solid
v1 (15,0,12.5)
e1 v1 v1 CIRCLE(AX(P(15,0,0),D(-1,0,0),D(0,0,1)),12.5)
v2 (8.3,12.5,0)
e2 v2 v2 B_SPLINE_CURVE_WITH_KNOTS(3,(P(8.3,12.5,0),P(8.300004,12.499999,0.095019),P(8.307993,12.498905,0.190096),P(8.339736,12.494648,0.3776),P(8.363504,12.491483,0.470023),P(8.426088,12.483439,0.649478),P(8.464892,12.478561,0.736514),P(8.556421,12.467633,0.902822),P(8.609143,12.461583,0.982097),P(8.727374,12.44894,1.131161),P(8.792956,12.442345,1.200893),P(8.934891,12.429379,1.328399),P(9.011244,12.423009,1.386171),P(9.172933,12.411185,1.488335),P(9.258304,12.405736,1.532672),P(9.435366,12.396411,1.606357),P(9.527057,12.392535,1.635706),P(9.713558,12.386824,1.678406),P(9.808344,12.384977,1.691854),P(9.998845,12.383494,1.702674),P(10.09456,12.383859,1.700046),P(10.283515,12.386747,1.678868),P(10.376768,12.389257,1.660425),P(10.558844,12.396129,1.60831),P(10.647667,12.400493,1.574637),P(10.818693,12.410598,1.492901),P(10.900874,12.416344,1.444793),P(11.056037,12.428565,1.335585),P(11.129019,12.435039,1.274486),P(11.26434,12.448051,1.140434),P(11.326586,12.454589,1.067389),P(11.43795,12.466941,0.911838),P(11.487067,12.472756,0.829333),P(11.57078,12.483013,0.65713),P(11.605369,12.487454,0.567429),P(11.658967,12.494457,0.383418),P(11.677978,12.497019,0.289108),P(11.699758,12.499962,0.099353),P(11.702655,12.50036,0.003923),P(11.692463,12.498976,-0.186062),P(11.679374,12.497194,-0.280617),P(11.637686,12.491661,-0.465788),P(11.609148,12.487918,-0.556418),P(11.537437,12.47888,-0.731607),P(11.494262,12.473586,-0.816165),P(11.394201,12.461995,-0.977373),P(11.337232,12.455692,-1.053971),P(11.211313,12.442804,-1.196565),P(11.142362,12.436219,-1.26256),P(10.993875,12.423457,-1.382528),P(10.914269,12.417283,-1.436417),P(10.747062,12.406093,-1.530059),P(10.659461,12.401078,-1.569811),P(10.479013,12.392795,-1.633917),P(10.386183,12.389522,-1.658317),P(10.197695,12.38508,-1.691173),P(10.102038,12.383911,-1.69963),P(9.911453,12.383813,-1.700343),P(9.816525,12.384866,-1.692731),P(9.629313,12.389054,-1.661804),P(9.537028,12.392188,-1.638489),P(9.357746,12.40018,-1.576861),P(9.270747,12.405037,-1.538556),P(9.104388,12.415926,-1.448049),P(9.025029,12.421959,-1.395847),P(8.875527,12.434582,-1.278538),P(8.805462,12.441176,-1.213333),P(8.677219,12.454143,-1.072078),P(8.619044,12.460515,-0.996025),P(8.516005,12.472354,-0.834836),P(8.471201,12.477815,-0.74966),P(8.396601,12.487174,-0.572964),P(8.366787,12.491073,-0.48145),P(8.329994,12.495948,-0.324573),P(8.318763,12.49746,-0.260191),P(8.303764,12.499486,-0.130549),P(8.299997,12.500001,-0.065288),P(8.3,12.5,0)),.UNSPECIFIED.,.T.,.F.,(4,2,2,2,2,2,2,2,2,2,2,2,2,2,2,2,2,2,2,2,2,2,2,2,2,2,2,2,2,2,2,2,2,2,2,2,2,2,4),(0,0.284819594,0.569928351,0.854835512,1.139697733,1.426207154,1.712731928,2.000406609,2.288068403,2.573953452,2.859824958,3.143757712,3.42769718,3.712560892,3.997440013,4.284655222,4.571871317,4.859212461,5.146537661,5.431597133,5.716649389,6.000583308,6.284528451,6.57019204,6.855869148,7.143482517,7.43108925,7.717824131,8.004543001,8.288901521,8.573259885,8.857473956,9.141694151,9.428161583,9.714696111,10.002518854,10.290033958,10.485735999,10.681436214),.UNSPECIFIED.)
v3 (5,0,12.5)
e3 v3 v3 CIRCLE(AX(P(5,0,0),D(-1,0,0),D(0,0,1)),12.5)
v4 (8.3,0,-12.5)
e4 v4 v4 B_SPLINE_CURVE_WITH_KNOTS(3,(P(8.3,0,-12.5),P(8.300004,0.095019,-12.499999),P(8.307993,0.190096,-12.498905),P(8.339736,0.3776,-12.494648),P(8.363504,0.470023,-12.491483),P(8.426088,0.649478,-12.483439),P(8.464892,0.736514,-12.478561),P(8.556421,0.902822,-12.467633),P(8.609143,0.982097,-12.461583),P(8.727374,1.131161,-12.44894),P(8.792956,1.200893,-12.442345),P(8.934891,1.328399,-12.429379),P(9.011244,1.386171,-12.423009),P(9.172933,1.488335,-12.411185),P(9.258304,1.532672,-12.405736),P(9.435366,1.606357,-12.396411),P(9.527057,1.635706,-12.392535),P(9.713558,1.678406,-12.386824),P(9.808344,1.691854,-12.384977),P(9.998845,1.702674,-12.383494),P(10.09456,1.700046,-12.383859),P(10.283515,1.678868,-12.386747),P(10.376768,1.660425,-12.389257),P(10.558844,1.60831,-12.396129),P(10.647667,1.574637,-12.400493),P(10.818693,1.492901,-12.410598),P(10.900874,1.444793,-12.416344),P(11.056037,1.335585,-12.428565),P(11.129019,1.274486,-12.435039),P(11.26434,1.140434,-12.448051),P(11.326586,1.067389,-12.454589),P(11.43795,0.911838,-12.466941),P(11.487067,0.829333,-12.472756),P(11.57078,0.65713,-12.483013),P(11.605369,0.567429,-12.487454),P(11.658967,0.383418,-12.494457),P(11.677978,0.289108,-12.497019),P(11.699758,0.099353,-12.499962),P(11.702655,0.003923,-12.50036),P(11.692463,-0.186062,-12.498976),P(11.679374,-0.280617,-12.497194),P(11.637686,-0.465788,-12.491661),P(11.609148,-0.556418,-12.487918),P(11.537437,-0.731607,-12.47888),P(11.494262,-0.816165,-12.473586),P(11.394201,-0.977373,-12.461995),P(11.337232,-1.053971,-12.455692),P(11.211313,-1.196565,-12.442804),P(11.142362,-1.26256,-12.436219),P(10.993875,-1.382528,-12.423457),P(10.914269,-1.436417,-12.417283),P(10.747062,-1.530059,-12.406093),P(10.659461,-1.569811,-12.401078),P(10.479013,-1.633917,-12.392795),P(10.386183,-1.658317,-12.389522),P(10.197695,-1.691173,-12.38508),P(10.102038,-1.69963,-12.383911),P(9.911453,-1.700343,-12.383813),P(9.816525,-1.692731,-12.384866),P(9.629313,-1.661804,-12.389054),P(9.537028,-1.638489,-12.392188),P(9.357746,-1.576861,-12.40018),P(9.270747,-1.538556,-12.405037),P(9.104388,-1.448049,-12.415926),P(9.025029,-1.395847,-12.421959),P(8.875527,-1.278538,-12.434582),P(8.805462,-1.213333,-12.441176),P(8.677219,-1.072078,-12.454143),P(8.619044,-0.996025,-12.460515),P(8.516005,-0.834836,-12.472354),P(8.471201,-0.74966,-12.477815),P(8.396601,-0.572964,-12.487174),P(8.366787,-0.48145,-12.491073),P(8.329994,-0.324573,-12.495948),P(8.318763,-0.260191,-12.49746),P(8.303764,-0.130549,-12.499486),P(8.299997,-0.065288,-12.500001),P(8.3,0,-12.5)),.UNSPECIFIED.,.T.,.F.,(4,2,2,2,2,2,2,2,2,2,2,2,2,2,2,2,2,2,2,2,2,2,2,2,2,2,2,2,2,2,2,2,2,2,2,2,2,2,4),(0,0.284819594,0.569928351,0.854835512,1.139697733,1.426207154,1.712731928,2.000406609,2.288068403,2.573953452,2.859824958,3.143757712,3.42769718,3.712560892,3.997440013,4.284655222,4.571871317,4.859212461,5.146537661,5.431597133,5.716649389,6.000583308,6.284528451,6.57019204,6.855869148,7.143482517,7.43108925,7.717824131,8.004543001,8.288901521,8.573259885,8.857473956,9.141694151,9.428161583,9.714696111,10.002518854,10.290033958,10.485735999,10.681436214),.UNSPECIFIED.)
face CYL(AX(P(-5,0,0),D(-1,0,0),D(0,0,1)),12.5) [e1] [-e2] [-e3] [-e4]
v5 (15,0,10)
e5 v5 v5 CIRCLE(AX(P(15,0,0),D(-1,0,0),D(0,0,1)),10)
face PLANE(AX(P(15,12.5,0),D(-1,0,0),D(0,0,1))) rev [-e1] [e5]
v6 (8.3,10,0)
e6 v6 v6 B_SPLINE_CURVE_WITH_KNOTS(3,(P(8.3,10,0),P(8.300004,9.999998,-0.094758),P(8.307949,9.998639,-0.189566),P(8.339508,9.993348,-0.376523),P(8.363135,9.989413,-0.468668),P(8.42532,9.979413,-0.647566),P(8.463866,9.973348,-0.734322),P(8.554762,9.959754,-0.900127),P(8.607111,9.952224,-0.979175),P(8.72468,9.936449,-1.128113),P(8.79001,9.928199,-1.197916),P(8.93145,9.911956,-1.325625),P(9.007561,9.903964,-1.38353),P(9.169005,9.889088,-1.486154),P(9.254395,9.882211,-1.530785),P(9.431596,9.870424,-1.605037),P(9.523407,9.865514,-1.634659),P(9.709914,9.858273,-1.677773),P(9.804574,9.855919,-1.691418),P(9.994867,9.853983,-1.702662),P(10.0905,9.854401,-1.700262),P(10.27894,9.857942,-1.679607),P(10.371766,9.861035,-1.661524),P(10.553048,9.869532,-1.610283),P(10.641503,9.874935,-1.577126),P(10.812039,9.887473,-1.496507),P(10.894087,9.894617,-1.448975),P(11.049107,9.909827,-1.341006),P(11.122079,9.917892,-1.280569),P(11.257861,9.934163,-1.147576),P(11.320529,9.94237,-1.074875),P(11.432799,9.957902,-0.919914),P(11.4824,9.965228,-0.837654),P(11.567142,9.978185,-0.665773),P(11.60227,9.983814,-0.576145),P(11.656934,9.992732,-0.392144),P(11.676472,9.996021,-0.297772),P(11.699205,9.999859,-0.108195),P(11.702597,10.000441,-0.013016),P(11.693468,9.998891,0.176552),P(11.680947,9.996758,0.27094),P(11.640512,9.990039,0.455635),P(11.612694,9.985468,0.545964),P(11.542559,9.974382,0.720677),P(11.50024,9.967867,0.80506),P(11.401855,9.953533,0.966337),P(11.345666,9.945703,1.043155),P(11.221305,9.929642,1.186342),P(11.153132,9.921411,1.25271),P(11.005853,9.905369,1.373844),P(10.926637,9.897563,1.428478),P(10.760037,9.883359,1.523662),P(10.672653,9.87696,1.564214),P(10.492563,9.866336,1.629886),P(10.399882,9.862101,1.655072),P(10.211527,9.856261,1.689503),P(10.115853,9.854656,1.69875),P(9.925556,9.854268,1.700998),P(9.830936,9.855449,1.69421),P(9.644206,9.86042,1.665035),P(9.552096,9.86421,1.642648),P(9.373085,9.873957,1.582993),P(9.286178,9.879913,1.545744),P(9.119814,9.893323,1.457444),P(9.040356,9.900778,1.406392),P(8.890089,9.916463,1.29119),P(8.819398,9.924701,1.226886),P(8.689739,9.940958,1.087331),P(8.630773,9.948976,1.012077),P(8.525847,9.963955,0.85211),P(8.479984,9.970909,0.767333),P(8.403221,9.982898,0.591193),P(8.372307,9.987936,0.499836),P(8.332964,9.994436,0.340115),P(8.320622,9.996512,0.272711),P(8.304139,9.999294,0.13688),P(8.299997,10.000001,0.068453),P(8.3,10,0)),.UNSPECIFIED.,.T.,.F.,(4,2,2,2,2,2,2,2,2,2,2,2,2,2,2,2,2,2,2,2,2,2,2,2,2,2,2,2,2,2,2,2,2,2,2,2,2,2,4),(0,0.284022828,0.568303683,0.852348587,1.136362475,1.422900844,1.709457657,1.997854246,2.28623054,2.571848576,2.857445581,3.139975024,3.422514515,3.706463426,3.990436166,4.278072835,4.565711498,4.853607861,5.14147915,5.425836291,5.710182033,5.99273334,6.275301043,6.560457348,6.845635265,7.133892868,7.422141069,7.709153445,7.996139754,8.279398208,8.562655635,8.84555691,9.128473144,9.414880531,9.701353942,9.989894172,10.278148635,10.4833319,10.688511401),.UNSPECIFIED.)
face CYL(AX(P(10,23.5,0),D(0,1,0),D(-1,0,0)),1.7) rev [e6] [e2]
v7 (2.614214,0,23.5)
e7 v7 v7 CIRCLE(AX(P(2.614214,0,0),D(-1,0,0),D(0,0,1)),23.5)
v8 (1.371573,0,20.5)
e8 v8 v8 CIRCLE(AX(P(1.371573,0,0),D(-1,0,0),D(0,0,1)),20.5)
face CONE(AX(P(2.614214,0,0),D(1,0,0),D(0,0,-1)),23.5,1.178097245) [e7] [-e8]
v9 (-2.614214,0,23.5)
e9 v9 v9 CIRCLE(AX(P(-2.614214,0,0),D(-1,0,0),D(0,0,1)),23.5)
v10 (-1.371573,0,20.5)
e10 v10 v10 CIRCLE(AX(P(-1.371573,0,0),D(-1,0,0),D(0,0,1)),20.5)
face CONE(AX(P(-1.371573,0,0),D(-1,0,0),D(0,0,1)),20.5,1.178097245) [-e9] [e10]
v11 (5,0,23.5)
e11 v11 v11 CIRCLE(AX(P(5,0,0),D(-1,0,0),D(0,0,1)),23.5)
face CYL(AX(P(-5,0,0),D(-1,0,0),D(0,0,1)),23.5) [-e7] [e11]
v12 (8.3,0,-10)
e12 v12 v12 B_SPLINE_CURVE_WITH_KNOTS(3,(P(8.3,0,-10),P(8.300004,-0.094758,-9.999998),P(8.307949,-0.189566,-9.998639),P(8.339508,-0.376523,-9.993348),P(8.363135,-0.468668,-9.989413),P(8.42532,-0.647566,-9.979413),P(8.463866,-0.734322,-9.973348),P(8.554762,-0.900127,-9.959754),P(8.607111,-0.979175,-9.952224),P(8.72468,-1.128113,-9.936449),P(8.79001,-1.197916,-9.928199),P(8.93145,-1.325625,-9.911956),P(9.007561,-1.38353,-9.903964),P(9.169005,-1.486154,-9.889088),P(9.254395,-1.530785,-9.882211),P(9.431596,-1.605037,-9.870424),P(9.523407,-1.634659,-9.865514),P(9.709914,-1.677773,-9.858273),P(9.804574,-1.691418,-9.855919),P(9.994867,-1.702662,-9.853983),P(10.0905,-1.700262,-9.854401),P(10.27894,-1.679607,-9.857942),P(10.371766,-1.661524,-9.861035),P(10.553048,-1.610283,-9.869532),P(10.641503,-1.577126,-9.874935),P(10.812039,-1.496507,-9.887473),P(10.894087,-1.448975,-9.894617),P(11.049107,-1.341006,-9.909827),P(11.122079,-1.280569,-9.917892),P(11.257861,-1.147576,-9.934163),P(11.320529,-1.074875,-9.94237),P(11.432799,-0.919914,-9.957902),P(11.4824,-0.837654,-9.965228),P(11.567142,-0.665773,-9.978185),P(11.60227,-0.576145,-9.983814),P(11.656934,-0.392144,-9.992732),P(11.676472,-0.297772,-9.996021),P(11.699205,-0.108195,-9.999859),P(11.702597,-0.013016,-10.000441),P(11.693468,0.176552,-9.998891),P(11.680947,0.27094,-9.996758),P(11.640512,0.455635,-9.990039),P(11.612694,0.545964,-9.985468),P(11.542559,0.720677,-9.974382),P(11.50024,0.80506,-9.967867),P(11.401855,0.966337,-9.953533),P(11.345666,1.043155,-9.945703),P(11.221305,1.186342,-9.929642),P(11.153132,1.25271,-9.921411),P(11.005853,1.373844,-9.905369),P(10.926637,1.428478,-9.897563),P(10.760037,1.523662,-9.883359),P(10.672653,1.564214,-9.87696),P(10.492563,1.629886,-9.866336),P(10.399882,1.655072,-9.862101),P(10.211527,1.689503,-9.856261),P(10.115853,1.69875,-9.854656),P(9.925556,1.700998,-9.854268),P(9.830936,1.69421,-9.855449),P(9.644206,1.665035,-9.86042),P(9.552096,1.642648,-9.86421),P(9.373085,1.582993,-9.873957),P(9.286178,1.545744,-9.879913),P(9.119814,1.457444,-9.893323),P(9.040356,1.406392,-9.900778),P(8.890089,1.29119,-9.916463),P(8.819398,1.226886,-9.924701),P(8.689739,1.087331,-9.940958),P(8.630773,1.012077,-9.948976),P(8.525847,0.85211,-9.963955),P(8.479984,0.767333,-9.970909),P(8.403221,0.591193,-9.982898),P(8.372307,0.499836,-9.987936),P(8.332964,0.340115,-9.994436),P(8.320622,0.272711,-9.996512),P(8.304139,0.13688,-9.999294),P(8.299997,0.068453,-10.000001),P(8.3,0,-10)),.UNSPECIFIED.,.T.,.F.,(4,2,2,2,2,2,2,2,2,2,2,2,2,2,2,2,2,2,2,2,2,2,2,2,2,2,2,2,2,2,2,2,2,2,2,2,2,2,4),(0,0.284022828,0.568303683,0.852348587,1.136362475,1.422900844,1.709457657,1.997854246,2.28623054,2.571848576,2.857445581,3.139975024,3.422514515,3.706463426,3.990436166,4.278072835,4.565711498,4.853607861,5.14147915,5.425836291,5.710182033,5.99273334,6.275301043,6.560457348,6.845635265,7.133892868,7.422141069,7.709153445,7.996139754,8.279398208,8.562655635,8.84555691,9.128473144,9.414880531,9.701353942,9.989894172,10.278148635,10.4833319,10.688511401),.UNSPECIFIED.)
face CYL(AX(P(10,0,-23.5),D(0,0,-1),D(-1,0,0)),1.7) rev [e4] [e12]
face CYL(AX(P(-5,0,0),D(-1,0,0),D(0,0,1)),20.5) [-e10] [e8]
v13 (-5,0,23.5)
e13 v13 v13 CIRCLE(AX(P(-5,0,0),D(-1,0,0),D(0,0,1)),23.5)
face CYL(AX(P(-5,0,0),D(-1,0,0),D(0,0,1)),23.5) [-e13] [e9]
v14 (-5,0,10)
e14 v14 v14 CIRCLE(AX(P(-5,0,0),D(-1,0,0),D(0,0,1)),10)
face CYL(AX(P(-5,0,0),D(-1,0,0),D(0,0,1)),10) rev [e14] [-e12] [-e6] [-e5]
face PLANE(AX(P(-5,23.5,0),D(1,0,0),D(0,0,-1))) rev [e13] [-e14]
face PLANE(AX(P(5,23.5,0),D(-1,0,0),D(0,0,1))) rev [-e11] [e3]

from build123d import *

# Parameters (mm, degrees)
SKETCH_7_W               = 1.7
SKETCH_7_H               = 23.5
PATTERN_CIRCULAR_2_COUNT = 2
PATTERN_CIRCULAR_2_ANGLE = 90


with BuildPart() as part:
    # 草图6 → 旋转2 (revolve)
    with BuildSketch(Plane.XY, mode=Mode.PRIVATE) as revolve_2_sk:
        Polygon((15, 12.5), (15, 10), (-5, 10), (-5, 23.5), (-2.614213562, 23.5), (-1.371572875, 20.5), (1.371572875, 20.5), (2.614213562, 23.5), (5, 23.5), (5, 12.5), align=None)
    revolve(revolve_2_sk.sketch.rotate(Axis((-5, 0, 0), (1, 0, 0)), 90), axis=Axis((-5, 0, 0), (1, 0, 0)))

    # 草图7 → 切除-旋转3 (revolve, cut)
    with BuildSketch(Plane.XY, mode=Mode.PRIVATE) as cut_revolve_3_sk:
        with Locations((10.85, 11.75)):
            Rectangle(SKETCH_7_W, SKETCH_7_H)
    cut_revolve_3 = revolve(cut_revolve_3_sk.sketch.rotate(Axis((10, 23.5, 0), (0, -1, 0)), 180), axis=Axis((10, 23.5, 0), (0, -1, 0)), mode=Mode.SUBTRACT)

    # 阵列(圆周)2: 切除-旋转3 ×2 about axis
    pattern_circular_2_axis = Axis((-5, 0, 0), (-1, 0, 0))
    for i in range(1, PATTERN_CIRCULAR_2_COUNT):
        add(cut_revolve_3.rotate(pattern_circular_2_axis, i * PATTERN_CIRCULAR_2_ANGLE / (PATTERN_CIRCULAR_2_COUNT - 1)), mode=Mode.SUBTRACT)


solid = part.part
